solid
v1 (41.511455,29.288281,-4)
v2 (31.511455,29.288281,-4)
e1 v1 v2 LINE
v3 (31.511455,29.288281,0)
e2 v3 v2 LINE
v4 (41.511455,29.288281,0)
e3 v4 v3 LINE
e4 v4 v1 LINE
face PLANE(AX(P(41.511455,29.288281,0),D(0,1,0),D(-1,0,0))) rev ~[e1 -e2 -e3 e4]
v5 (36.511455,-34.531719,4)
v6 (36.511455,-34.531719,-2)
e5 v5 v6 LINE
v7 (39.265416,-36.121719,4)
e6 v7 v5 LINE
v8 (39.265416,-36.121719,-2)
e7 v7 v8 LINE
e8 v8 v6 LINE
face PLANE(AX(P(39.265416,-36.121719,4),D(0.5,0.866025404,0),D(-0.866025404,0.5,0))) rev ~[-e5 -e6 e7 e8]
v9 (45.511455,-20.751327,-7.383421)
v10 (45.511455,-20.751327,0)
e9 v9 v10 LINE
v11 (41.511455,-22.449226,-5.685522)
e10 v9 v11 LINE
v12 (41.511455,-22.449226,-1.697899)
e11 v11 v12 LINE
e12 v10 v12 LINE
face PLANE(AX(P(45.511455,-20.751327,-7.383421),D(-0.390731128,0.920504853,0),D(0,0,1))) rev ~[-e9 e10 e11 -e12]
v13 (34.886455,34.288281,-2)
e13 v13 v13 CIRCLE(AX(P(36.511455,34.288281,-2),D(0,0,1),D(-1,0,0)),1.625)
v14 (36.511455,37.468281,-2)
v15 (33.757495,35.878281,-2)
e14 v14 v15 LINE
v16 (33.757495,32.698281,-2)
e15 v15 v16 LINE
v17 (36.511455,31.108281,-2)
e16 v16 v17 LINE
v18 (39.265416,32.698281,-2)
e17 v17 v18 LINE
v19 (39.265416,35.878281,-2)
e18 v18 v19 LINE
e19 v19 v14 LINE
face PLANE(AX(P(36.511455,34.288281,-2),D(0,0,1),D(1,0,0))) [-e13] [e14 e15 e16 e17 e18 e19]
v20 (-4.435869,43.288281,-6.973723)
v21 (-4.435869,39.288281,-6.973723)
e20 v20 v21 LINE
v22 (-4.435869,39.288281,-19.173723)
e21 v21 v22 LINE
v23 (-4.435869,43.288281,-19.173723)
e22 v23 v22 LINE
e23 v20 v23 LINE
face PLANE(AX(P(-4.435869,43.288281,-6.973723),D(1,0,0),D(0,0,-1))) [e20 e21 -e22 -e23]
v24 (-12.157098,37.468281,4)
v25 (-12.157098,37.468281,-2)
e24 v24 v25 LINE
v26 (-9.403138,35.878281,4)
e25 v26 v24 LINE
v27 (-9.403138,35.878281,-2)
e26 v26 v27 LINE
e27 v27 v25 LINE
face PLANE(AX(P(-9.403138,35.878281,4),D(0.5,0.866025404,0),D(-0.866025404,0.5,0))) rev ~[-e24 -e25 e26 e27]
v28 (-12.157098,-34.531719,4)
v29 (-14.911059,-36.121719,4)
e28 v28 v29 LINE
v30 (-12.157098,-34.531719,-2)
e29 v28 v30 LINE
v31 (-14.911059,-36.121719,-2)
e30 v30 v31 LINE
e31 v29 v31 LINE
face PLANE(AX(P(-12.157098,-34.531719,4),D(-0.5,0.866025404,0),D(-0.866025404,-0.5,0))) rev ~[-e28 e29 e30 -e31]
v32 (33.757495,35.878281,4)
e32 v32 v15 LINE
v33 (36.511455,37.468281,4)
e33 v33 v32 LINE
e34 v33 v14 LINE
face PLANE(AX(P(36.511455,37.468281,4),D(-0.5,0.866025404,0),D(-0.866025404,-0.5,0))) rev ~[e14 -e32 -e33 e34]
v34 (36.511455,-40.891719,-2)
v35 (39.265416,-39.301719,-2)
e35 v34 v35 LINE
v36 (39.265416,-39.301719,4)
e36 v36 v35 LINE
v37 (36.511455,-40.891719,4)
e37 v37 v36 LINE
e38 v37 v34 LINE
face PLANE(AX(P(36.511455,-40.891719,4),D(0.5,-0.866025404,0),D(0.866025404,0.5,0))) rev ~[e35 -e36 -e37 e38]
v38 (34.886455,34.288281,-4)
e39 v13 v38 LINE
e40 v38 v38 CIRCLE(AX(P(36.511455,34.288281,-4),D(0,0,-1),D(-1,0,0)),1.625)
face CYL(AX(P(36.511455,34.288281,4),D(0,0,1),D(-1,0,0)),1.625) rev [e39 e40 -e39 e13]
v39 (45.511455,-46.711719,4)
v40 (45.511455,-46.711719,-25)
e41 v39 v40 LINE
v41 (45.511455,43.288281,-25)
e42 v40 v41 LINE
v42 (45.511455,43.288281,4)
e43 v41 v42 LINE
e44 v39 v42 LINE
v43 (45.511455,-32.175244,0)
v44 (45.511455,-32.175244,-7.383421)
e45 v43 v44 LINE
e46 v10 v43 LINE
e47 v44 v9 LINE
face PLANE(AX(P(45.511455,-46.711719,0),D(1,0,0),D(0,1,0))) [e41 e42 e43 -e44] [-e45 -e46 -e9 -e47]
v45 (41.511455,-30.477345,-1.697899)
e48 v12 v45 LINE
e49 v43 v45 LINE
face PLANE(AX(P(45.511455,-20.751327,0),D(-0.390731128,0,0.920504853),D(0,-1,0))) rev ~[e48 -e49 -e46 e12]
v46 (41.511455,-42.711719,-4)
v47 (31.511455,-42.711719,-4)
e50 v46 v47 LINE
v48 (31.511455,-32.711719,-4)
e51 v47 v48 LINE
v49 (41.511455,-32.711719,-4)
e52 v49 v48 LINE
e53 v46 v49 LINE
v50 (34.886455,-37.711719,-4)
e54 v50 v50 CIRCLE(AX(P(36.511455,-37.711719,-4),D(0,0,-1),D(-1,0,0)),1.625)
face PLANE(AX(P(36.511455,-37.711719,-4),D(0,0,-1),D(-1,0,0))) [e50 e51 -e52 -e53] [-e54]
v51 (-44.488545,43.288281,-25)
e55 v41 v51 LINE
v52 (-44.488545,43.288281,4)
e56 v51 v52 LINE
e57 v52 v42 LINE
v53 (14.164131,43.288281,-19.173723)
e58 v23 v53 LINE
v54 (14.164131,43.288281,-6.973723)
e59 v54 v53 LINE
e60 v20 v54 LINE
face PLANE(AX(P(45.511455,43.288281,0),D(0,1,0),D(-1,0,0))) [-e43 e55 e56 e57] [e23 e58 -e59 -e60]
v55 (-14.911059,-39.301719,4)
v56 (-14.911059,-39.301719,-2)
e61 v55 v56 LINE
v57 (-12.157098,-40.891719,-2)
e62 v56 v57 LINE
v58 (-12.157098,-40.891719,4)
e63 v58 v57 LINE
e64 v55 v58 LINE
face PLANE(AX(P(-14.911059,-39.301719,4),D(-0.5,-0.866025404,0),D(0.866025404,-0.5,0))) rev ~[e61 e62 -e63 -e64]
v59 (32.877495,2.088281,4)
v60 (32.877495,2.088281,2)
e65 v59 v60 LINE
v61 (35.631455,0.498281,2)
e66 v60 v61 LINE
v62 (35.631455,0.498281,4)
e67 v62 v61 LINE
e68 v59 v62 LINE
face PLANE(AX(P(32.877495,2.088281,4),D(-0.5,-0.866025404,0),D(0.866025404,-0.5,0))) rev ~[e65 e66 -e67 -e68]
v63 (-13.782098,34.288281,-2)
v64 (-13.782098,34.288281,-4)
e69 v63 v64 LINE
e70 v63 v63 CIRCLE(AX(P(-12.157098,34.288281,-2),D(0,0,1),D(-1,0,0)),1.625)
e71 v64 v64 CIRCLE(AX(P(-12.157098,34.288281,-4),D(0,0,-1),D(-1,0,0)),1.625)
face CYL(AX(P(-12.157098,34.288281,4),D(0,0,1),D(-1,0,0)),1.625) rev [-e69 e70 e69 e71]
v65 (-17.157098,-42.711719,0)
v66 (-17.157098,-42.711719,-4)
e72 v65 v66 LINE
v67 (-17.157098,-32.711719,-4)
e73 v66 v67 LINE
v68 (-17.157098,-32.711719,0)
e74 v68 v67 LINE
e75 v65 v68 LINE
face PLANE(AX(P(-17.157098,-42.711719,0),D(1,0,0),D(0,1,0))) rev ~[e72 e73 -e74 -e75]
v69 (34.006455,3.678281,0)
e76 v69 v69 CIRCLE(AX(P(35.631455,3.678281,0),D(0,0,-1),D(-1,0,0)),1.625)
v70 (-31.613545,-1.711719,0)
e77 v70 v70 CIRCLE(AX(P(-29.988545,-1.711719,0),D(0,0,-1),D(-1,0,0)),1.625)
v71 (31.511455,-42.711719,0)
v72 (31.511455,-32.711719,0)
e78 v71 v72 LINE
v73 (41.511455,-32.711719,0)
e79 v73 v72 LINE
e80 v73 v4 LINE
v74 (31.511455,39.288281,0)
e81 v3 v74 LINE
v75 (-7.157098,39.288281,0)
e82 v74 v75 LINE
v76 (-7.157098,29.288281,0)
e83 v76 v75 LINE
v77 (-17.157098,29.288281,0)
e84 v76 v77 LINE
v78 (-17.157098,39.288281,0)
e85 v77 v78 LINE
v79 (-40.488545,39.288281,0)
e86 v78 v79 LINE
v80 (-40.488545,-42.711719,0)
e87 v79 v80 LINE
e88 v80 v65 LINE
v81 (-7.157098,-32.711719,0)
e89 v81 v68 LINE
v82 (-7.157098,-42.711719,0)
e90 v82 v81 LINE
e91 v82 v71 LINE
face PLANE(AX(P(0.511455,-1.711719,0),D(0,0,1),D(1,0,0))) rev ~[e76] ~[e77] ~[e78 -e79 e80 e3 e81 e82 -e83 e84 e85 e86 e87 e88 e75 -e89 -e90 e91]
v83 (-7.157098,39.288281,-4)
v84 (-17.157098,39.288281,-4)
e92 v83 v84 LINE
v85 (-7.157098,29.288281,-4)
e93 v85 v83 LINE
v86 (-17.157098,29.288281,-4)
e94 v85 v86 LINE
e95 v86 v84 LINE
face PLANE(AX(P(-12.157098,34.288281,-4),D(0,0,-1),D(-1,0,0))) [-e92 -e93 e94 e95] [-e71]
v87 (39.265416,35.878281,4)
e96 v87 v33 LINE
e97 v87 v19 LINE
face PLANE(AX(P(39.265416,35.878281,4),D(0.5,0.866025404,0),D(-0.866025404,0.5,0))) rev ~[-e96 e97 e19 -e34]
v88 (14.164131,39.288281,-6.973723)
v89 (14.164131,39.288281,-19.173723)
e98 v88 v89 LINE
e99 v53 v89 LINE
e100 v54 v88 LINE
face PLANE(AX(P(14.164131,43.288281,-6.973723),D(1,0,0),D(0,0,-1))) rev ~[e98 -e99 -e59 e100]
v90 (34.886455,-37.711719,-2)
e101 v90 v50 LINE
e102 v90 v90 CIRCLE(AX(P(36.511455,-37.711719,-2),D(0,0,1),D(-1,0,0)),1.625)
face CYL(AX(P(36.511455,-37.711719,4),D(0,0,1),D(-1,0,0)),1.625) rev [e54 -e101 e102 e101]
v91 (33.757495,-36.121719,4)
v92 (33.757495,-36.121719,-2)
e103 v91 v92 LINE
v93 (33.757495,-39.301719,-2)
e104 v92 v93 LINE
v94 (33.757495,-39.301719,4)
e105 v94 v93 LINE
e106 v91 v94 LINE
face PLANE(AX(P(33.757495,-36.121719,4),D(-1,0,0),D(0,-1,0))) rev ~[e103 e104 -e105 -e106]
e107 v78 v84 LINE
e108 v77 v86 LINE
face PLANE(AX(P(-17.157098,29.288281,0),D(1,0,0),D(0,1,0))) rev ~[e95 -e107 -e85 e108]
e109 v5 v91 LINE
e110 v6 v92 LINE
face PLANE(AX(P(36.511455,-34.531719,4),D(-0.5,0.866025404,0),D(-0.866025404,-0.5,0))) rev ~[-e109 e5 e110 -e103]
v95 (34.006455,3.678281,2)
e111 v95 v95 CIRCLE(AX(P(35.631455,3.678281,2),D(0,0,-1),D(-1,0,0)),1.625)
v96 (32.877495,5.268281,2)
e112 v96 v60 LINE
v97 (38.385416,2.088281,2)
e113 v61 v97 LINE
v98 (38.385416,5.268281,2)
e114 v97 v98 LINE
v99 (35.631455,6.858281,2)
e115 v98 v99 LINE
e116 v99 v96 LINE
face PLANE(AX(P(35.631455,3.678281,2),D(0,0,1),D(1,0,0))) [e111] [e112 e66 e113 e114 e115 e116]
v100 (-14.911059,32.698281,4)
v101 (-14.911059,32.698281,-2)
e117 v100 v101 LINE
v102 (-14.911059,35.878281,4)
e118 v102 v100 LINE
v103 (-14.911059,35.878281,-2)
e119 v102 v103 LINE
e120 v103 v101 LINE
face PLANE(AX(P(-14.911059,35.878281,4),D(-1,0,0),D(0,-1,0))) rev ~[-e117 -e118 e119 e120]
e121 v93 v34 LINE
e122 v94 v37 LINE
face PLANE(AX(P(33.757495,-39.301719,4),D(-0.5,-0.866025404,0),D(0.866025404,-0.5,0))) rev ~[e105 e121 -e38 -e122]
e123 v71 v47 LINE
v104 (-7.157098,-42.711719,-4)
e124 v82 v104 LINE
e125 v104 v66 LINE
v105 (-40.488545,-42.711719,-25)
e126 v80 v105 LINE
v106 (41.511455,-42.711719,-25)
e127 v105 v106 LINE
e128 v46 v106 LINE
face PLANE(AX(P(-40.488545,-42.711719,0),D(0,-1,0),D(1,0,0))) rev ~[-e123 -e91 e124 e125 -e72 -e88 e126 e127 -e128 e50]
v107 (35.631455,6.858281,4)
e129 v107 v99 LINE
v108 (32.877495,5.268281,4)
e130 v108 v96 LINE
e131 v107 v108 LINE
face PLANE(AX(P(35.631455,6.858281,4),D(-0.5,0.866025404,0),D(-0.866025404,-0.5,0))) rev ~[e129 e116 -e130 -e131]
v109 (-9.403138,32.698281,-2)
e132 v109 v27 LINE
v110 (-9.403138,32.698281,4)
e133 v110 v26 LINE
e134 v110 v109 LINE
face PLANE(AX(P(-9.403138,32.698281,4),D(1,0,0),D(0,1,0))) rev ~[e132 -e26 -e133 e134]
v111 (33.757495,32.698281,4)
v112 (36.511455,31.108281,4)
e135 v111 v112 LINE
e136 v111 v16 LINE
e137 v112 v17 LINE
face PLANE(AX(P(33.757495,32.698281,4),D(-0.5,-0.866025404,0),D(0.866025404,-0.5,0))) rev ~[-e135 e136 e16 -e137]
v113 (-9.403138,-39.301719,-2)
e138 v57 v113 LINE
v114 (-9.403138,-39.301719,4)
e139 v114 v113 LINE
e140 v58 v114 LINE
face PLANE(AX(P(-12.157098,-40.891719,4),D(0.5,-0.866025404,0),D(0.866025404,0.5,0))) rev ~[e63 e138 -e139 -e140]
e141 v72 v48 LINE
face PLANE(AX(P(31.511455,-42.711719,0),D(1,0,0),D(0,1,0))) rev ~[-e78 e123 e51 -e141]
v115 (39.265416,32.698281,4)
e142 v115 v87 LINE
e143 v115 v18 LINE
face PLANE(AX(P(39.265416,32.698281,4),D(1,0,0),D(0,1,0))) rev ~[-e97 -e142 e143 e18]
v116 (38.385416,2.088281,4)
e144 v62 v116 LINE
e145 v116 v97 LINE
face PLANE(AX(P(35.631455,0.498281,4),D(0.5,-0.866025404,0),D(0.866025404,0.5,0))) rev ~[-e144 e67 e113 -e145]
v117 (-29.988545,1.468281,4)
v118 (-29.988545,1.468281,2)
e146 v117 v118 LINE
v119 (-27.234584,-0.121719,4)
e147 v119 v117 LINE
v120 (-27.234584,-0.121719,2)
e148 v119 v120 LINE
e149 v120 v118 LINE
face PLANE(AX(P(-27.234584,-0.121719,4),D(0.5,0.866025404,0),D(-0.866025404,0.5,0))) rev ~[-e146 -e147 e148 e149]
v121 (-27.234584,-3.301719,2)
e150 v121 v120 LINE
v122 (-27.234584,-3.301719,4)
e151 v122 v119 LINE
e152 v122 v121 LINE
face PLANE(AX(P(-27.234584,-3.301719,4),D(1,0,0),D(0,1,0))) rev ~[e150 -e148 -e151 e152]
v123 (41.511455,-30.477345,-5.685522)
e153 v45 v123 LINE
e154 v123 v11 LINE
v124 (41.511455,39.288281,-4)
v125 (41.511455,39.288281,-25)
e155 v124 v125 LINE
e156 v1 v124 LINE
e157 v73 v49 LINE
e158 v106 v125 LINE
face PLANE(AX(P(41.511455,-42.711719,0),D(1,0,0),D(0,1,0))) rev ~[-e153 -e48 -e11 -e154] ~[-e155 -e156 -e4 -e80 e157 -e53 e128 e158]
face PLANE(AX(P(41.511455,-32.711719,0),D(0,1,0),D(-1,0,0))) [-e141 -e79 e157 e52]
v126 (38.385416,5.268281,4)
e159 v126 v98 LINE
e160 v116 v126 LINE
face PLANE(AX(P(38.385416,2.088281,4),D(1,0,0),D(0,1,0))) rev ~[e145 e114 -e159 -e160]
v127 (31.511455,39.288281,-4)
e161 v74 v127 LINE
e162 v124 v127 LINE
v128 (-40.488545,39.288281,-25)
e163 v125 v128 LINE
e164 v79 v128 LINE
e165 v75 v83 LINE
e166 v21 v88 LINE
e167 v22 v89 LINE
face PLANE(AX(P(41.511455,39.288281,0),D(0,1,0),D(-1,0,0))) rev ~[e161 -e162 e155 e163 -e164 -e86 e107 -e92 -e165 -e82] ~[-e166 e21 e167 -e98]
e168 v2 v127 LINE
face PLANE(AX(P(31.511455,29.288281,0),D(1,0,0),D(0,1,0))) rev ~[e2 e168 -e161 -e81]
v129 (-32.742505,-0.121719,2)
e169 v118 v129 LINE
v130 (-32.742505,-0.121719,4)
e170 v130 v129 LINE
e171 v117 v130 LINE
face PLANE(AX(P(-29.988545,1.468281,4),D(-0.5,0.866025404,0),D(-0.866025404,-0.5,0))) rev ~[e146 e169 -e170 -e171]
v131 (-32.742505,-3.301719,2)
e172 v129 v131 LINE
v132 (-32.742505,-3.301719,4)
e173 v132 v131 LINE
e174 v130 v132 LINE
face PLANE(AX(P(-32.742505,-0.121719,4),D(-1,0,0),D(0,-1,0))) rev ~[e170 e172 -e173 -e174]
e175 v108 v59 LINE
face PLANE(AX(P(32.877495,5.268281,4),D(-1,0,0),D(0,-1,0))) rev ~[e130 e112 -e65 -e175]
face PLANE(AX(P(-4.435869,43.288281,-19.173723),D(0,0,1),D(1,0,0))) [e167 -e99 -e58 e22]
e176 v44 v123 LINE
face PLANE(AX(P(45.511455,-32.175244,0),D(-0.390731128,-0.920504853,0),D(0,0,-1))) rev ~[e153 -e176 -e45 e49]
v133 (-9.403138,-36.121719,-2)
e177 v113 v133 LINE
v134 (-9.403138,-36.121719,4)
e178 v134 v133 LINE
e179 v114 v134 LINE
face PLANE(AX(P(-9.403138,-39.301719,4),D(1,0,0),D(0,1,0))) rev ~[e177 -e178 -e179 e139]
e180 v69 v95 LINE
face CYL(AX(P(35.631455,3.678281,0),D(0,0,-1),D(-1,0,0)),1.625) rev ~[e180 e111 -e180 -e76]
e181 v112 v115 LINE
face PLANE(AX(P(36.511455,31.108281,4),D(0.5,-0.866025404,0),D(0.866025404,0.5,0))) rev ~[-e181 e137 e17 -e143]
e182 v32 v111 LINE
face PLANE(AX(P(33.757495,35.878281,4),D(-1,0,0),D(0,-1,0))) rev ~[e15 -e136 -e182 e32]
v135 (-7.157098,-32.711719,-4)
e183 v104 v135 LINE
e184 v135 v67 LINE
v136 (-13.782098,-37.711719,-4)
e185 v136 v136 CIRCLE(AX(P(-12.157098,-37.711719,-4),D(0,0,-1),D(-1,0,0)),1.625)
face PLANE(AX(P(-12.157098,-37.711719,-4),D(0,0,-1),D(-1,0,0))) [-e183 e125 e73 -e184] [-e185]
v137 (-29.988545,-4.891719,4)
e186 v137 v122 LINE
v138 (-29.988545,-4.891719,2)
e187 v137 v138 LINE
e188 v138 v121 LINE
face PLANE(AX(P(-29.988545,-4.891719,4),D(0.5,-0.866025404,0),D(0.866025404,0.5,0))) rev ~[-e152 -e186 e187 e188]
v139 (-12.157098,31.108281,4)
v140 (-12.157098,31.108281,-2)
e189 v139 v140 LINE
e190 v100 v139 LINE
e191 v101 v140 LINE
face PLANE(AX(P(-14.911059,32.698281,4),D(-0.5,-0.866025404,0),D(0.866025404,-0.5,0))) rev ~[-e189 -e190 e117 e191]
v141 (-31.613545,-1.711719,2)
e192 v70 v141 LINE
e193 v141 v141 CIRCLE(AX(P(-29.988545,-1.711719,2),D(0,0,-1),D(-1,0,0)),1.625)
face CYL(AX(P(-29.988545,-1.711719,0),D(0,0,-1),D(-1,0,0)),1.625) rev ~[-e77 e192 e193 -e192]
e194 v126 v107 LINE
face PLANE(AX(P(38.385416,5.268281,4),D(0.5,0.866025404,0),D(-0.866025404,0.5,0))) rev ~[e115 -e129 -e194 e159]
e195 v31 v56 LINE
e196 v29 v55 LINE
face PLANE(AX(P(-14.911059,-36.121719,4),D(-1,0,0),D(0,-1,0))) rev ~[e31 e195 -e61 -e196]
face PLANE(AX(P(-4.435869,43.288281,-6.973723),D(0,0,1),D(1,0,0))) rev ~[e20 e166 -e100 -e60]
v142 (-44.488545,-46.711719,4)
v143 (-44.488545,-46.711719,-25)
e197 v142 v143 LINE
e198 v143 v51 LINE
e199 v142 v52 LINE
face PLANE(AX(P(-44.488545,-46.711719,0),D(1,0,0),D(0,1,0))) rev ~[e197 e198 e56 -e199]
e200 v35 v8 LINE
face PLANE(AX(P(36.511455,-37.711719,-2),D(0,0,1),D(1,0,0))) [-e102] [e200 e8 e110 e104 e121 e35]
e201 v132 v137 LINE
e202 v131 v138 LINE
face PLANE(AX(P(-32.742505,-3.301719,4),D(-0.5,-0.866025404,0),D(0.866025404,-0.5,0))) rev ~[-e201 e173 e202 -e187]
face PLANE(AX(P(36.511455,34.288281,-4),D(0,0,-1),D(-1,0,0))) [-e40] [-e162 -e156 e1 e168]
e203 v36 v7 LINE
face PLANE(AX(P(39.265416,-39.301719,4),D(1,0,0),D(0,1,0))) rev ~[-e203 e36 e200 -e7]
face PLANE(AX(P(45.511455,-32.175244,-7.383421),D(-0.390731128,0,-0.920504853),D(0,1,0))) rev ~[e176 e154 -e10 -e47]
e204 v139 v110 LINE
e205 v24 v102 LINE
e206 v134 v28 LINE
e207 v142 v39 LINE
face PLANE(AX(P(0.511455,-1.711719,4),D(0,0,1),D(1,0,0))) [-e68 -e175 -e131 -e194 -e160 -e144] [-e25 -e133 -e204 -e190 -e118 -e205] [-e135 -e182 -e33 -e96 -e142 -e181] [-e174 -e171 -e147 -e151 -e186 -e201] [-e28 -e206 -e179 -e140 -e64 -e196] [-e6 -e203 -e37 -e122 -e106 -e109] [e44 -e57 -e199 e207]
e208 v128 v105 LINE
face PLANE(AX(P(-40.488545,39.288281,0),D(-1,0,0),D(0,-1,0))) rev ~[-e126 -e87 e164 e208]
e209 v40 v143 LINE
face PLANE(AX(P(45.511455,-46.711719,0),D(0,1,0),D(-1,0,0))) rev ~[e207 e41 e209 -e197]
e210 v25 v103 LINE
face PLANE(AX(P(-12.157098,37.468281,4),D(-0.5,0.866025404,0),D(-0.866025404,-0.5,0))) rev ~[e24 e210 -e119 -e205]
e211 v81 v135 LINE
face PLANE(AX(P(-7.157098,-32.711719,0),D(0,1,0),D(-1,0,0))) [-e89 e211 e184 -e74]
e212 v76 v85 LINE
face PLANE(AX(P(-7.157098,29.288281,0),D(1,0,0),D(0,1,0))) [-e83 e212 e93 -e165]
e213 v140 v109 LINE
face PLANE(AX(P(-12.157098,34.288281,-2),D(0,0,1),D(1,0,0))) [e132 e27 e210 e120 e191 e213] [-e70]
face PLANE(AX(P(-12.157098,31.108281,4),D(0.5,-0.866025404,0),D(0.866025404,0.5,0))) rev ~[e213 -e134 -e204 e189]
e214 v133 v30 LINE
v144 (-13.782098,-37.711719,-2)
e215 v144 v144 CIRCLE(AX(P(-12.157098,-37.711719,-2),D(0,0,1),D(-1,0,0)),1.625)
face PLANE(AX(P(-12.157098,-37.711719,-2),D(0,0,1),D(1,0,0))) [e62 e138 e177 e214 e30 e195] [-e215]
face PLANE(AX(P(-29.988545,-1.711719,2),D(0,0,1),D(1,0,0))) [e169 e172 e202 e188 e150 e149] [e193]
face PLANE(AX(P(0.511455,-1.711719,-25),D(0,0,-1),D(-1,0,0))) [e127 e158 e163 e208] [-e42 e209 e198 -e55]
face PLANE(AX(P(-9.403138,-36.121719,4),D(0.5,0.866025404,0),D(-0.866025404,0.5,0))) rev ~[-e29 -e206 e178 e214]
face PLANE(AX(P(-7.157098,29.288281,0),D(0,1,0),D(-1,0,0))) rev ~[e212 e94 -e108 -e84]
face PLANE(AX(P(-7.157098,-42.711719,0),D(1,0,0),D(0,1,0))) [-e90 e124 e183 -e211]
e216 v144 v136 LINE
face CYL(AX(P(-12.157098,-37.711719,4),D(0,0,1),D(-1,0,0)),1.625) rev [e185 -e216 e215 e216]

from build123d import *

# Parameters (mm, degrees)
CROQUIS1_W              = 90
CROQUIS1_H              = 90
SALIENTE_EXTRUIR1_DEPTH = 4
CROQUIS2_W              = 90
CROQUIS2_H              = 90
SALIENTE_EXTRUIR2_DEPTH = 25
CORTAR_EXTRUIR1_DEPTH   = 4
CORTAR_EXTRUIR1_DRAFT   = -23
CROQUIS6_W              = 10
CROQUIS6_H              = 10
SALIENTE_EXTRUIR4_DEPTH = 4
CORTAR_EXTRUIR2_START   = -8
CROQUIS7_R              = 1.625
CORTAR_EXTRUIR2_DEPTH   = 8
CORTAR_EXTRUIR3_DEPTH   = 6
CROQUIS9_R              = 1.625
CORTAR_EXTRUIR4_DEPTH   = 4
CORTAR_EXTRUIR5_DEPTH   = 2
CORTAR_EXTRUIR6_DEPTH   = 6
CROQUIS14_W             = 18.6
CROQUIS14_H             = 12.2
CORTAR_EXTRUIR7_DEPTH   = 4


with BuildPart() as part:
    # Croquis1 → Saliente-Extruir1 (new body)
    with BuildSketch(Plane.XY):
        with Locations((0.511455403, -1.711718513)):
            Rectangle(CROQUIS1_W, CROQUIS1_H)
    extrude(amount=SALIENTE_EXTRUIR1_DEPTH)

    # Croquis2 → Saliente-Extruir2 (add)
    with BuildSketch(Plane(origin=(0, 0, 0), x_dir=(-1, 0, 0), z_dir=(0, 0, -1))):
        with Locations((-0.511455403, -1.711718513)):
            Rectangle(CROQUIS2_W, CROQUIS2_H)
        Polygon((40.488544597, -27.157447779), (40.488544597, -42.711718513), (-41.511455403, -42.711718513), (-41.511455403, 39.288281487), (40.488544597, 39.288281487), align=None, mode=Mode.SUBTRACT)
    extrude(amount=SALIENTE_EXTRUIR2_DEPTH)


with BuildPart() as cortar_extruir1_tool:
    # Croquis4 → Cortar-Extruir1 (with draft: the straight prism first)
    with BuildSketch(Plane(origin=(45.511455403, 0, 0), x_dir=(0, 0, -1), z_dir=(1, 0, 0))):
        Polygon((0, -21.474747311), (0, -31.451823221), (0, -32.175243971), (7.383420942, -32.175243971), (7.383420942, -31.451823221), (7.383420942, -21.474747311), (7.383420942, -20.751326561), (0, -20.751326561), align=None)
    extrude(amount=-CORTAR_EXTRUIR1_DEPTH)
    # Cortar-Extruir1: the draft: its side faces are tilted about the plane it starts from
    cortar_extruir1_sides = [cortar_extruir1_tool.faces().sort_by_distance(p)[0] for p in [
        (43.511455403, -26.463285266, 0),
        (43.511455403, -26.463285266, -7.383420942),
        (43.511455403, -32.175243971, -3.691710471),
        (43.511455403, -20.751326561, -3.691710471),
    ]]
    draft(cortar_extruir1_sides, Plane(origin=(45.511455403, 0, 0), x_dir=(0, 0, -1), z_dir=(1, 0, 0)), CORTAR_EXTRUIR1_DRAFT)


with BuildPart() as part_1:
    add(part.part)

    # Cortar-Extruir1: cut by cortar_extruir1_tool
    add(cortar_extruir1_tool.part, mode=Mode.SUBTRACT)

    # Croquis6 → Saliente-Extruir4 (add)
    with BuildSketch(Plane(origin=(0, 0, 0), x_dir=(-1, 0, 0), z_dir=(0, 0, -1))):
        with Locations((-36.511455403, 34.288281487)):
            Rectangle(CROQUIS6_W, CROQUIS6_H)
        with Locations((-36.511455403, -37.711718513)):
            Rectangle(CROQUIS6_W, CROQUIS6_H)
        with Locations((12.157098337, -37.711718513)):
            Rectangle(CROQUIS6_W, CROQUIS6_H)
        with Locations((12.157098337, 34.288281487)):
            Rectangle(CROQUIS6_W, CROQUIS6_H)
    extrude(amount=SALIENTE_EXTRUIR4_DEPTH)

    # Croquis7 → Cortar-Extruir2 (cut)
    with BuildSketch(Plane(origin=(0, 0, -4), x_dir=(-1, 0, 0), z_dir=(0, 0, -1)).offset(CORTAR_EXTRUIR2_START)):
        with Locations((-36.511455403, 34.288281487)):
            Circle(CROQUIS7_R)
        with Locations((-36.511455403, -37.711718513)):
            Circle(CROQUIS7_R)
        with Locations((12.157098337, -37.711718513)):
            Circle(CROQUIS7_R)
        with Locations((12.157098337, 34.288281487)):
            Circle(CROQUIS7_R)
    extrude(amount=CORTAR_EXTRUIR2_DEPTH, mode=Mode.SUBTRACT)

    # Croquis8 → Cortar-Extruir3 (cut)
    with BuildSketch(Plane.XY.offset(4)):
        Polygon((36.511455403, -40.891718513), (39.265416187, -39.301718513), (39.265416187, -36.121718513), (36.511455403, -34.531718513), (33.757494619, -36.121718513), (33.757494619, -39.301718513), align=None)
        Polygon((36.511455403, 31.108281487), (39.265416187, 32.698281487), (39.265416187, 35.878281487), (36.511455403, 37.468281487), (33.757494619, 35.878281487), (33.757494619, 32.698281487), align=None)
    extrude(amount=-CORTAR_EXTRUIR3_DEPTH, mode=Mode.SUBTRACT)

    # Croquis9 → Cortar-Extruir4 (cut)
    with BuildSketch(Plane(origin=(0, 0, 0), x_dir=(-1, 0, 0), z_dir=(0, 0, -1))):
        with Locations((-35.631455403, 3.678281487)):
            Circle(CROQUIS9_R)
        with Locations((29.988544597, -1.711718513)):
            Circle(CROQUIS9_R)
    extrude(amount=-CORTAR_EXTRUIR4_DEPTH, mode=Mode.SUBTRACT)

    # Croquis10 → Cortar-Extruir5 (cut)
    with BuildSketch(Plane.XY.offset(4)):
        Polygon((-29.988544597, -4.891718513), (-27.234583813, -3.301718513), (-27.234583813, -0.121718513), (-29.988544597, 1.468281487), (-32.742505381, -0.121718513), (-32.742505381, -3.301718513), align=None)
        Polygon((35.631455403, 0.498281487), (38.385416187, 2.088281487), (38.385416187, 5.268281487), (35.631455403, 6.858281487), (32.877494619, 5.268281487), (32.877494619, 2.088281487), align=None)
    extrude(amount=-CORTAR_EXTRUIR5_DEPTH, mode=Mode.SUBTRACT)

    # Croquis11 → Cortar-Extruir6 (cut)
    with BuildSketch(Plane.XY.offset(4)):
        Polygon((-12.157098337, 31.108281487), (-9.403137553, 32.698281487), (-9.403137553, 35.878281487), (-12.157098337, 37.468281487), (-14.911059122, 35.878281487), (-14.911059122, 32.698281487), align=None)
        Polygon((-12.157098337, -34.531718513), (-14.911059122, -36.121718513), (-14.911059122, -39.301718513), (-12.157098337, -40.891718513), (-9.403137553, -39.301718513), (-9.403137553, -36.121718513), align=None)
    extrude(amount=-CORTAR_EXTRUIR6_DEPTH, mode=Mode.SUBTRACT)

    # Croquis14 → Cortar-Extruir7 (cut)
    with BuildSketch(Plane(origin=(0, 43.288281487, 0), x_dir=(1, 0, 0), z_dir=(0, 1, 0))):
        with Locations((4.864130661, 13.073723415)):
            Rectangle(CROQUIS14_W, CROQUIS14_H)
    extrude(amount=-CORTAR_EXTRUIR7_DEPTH, mode=Mode.SUBTRACT)


solid = part_1.part
